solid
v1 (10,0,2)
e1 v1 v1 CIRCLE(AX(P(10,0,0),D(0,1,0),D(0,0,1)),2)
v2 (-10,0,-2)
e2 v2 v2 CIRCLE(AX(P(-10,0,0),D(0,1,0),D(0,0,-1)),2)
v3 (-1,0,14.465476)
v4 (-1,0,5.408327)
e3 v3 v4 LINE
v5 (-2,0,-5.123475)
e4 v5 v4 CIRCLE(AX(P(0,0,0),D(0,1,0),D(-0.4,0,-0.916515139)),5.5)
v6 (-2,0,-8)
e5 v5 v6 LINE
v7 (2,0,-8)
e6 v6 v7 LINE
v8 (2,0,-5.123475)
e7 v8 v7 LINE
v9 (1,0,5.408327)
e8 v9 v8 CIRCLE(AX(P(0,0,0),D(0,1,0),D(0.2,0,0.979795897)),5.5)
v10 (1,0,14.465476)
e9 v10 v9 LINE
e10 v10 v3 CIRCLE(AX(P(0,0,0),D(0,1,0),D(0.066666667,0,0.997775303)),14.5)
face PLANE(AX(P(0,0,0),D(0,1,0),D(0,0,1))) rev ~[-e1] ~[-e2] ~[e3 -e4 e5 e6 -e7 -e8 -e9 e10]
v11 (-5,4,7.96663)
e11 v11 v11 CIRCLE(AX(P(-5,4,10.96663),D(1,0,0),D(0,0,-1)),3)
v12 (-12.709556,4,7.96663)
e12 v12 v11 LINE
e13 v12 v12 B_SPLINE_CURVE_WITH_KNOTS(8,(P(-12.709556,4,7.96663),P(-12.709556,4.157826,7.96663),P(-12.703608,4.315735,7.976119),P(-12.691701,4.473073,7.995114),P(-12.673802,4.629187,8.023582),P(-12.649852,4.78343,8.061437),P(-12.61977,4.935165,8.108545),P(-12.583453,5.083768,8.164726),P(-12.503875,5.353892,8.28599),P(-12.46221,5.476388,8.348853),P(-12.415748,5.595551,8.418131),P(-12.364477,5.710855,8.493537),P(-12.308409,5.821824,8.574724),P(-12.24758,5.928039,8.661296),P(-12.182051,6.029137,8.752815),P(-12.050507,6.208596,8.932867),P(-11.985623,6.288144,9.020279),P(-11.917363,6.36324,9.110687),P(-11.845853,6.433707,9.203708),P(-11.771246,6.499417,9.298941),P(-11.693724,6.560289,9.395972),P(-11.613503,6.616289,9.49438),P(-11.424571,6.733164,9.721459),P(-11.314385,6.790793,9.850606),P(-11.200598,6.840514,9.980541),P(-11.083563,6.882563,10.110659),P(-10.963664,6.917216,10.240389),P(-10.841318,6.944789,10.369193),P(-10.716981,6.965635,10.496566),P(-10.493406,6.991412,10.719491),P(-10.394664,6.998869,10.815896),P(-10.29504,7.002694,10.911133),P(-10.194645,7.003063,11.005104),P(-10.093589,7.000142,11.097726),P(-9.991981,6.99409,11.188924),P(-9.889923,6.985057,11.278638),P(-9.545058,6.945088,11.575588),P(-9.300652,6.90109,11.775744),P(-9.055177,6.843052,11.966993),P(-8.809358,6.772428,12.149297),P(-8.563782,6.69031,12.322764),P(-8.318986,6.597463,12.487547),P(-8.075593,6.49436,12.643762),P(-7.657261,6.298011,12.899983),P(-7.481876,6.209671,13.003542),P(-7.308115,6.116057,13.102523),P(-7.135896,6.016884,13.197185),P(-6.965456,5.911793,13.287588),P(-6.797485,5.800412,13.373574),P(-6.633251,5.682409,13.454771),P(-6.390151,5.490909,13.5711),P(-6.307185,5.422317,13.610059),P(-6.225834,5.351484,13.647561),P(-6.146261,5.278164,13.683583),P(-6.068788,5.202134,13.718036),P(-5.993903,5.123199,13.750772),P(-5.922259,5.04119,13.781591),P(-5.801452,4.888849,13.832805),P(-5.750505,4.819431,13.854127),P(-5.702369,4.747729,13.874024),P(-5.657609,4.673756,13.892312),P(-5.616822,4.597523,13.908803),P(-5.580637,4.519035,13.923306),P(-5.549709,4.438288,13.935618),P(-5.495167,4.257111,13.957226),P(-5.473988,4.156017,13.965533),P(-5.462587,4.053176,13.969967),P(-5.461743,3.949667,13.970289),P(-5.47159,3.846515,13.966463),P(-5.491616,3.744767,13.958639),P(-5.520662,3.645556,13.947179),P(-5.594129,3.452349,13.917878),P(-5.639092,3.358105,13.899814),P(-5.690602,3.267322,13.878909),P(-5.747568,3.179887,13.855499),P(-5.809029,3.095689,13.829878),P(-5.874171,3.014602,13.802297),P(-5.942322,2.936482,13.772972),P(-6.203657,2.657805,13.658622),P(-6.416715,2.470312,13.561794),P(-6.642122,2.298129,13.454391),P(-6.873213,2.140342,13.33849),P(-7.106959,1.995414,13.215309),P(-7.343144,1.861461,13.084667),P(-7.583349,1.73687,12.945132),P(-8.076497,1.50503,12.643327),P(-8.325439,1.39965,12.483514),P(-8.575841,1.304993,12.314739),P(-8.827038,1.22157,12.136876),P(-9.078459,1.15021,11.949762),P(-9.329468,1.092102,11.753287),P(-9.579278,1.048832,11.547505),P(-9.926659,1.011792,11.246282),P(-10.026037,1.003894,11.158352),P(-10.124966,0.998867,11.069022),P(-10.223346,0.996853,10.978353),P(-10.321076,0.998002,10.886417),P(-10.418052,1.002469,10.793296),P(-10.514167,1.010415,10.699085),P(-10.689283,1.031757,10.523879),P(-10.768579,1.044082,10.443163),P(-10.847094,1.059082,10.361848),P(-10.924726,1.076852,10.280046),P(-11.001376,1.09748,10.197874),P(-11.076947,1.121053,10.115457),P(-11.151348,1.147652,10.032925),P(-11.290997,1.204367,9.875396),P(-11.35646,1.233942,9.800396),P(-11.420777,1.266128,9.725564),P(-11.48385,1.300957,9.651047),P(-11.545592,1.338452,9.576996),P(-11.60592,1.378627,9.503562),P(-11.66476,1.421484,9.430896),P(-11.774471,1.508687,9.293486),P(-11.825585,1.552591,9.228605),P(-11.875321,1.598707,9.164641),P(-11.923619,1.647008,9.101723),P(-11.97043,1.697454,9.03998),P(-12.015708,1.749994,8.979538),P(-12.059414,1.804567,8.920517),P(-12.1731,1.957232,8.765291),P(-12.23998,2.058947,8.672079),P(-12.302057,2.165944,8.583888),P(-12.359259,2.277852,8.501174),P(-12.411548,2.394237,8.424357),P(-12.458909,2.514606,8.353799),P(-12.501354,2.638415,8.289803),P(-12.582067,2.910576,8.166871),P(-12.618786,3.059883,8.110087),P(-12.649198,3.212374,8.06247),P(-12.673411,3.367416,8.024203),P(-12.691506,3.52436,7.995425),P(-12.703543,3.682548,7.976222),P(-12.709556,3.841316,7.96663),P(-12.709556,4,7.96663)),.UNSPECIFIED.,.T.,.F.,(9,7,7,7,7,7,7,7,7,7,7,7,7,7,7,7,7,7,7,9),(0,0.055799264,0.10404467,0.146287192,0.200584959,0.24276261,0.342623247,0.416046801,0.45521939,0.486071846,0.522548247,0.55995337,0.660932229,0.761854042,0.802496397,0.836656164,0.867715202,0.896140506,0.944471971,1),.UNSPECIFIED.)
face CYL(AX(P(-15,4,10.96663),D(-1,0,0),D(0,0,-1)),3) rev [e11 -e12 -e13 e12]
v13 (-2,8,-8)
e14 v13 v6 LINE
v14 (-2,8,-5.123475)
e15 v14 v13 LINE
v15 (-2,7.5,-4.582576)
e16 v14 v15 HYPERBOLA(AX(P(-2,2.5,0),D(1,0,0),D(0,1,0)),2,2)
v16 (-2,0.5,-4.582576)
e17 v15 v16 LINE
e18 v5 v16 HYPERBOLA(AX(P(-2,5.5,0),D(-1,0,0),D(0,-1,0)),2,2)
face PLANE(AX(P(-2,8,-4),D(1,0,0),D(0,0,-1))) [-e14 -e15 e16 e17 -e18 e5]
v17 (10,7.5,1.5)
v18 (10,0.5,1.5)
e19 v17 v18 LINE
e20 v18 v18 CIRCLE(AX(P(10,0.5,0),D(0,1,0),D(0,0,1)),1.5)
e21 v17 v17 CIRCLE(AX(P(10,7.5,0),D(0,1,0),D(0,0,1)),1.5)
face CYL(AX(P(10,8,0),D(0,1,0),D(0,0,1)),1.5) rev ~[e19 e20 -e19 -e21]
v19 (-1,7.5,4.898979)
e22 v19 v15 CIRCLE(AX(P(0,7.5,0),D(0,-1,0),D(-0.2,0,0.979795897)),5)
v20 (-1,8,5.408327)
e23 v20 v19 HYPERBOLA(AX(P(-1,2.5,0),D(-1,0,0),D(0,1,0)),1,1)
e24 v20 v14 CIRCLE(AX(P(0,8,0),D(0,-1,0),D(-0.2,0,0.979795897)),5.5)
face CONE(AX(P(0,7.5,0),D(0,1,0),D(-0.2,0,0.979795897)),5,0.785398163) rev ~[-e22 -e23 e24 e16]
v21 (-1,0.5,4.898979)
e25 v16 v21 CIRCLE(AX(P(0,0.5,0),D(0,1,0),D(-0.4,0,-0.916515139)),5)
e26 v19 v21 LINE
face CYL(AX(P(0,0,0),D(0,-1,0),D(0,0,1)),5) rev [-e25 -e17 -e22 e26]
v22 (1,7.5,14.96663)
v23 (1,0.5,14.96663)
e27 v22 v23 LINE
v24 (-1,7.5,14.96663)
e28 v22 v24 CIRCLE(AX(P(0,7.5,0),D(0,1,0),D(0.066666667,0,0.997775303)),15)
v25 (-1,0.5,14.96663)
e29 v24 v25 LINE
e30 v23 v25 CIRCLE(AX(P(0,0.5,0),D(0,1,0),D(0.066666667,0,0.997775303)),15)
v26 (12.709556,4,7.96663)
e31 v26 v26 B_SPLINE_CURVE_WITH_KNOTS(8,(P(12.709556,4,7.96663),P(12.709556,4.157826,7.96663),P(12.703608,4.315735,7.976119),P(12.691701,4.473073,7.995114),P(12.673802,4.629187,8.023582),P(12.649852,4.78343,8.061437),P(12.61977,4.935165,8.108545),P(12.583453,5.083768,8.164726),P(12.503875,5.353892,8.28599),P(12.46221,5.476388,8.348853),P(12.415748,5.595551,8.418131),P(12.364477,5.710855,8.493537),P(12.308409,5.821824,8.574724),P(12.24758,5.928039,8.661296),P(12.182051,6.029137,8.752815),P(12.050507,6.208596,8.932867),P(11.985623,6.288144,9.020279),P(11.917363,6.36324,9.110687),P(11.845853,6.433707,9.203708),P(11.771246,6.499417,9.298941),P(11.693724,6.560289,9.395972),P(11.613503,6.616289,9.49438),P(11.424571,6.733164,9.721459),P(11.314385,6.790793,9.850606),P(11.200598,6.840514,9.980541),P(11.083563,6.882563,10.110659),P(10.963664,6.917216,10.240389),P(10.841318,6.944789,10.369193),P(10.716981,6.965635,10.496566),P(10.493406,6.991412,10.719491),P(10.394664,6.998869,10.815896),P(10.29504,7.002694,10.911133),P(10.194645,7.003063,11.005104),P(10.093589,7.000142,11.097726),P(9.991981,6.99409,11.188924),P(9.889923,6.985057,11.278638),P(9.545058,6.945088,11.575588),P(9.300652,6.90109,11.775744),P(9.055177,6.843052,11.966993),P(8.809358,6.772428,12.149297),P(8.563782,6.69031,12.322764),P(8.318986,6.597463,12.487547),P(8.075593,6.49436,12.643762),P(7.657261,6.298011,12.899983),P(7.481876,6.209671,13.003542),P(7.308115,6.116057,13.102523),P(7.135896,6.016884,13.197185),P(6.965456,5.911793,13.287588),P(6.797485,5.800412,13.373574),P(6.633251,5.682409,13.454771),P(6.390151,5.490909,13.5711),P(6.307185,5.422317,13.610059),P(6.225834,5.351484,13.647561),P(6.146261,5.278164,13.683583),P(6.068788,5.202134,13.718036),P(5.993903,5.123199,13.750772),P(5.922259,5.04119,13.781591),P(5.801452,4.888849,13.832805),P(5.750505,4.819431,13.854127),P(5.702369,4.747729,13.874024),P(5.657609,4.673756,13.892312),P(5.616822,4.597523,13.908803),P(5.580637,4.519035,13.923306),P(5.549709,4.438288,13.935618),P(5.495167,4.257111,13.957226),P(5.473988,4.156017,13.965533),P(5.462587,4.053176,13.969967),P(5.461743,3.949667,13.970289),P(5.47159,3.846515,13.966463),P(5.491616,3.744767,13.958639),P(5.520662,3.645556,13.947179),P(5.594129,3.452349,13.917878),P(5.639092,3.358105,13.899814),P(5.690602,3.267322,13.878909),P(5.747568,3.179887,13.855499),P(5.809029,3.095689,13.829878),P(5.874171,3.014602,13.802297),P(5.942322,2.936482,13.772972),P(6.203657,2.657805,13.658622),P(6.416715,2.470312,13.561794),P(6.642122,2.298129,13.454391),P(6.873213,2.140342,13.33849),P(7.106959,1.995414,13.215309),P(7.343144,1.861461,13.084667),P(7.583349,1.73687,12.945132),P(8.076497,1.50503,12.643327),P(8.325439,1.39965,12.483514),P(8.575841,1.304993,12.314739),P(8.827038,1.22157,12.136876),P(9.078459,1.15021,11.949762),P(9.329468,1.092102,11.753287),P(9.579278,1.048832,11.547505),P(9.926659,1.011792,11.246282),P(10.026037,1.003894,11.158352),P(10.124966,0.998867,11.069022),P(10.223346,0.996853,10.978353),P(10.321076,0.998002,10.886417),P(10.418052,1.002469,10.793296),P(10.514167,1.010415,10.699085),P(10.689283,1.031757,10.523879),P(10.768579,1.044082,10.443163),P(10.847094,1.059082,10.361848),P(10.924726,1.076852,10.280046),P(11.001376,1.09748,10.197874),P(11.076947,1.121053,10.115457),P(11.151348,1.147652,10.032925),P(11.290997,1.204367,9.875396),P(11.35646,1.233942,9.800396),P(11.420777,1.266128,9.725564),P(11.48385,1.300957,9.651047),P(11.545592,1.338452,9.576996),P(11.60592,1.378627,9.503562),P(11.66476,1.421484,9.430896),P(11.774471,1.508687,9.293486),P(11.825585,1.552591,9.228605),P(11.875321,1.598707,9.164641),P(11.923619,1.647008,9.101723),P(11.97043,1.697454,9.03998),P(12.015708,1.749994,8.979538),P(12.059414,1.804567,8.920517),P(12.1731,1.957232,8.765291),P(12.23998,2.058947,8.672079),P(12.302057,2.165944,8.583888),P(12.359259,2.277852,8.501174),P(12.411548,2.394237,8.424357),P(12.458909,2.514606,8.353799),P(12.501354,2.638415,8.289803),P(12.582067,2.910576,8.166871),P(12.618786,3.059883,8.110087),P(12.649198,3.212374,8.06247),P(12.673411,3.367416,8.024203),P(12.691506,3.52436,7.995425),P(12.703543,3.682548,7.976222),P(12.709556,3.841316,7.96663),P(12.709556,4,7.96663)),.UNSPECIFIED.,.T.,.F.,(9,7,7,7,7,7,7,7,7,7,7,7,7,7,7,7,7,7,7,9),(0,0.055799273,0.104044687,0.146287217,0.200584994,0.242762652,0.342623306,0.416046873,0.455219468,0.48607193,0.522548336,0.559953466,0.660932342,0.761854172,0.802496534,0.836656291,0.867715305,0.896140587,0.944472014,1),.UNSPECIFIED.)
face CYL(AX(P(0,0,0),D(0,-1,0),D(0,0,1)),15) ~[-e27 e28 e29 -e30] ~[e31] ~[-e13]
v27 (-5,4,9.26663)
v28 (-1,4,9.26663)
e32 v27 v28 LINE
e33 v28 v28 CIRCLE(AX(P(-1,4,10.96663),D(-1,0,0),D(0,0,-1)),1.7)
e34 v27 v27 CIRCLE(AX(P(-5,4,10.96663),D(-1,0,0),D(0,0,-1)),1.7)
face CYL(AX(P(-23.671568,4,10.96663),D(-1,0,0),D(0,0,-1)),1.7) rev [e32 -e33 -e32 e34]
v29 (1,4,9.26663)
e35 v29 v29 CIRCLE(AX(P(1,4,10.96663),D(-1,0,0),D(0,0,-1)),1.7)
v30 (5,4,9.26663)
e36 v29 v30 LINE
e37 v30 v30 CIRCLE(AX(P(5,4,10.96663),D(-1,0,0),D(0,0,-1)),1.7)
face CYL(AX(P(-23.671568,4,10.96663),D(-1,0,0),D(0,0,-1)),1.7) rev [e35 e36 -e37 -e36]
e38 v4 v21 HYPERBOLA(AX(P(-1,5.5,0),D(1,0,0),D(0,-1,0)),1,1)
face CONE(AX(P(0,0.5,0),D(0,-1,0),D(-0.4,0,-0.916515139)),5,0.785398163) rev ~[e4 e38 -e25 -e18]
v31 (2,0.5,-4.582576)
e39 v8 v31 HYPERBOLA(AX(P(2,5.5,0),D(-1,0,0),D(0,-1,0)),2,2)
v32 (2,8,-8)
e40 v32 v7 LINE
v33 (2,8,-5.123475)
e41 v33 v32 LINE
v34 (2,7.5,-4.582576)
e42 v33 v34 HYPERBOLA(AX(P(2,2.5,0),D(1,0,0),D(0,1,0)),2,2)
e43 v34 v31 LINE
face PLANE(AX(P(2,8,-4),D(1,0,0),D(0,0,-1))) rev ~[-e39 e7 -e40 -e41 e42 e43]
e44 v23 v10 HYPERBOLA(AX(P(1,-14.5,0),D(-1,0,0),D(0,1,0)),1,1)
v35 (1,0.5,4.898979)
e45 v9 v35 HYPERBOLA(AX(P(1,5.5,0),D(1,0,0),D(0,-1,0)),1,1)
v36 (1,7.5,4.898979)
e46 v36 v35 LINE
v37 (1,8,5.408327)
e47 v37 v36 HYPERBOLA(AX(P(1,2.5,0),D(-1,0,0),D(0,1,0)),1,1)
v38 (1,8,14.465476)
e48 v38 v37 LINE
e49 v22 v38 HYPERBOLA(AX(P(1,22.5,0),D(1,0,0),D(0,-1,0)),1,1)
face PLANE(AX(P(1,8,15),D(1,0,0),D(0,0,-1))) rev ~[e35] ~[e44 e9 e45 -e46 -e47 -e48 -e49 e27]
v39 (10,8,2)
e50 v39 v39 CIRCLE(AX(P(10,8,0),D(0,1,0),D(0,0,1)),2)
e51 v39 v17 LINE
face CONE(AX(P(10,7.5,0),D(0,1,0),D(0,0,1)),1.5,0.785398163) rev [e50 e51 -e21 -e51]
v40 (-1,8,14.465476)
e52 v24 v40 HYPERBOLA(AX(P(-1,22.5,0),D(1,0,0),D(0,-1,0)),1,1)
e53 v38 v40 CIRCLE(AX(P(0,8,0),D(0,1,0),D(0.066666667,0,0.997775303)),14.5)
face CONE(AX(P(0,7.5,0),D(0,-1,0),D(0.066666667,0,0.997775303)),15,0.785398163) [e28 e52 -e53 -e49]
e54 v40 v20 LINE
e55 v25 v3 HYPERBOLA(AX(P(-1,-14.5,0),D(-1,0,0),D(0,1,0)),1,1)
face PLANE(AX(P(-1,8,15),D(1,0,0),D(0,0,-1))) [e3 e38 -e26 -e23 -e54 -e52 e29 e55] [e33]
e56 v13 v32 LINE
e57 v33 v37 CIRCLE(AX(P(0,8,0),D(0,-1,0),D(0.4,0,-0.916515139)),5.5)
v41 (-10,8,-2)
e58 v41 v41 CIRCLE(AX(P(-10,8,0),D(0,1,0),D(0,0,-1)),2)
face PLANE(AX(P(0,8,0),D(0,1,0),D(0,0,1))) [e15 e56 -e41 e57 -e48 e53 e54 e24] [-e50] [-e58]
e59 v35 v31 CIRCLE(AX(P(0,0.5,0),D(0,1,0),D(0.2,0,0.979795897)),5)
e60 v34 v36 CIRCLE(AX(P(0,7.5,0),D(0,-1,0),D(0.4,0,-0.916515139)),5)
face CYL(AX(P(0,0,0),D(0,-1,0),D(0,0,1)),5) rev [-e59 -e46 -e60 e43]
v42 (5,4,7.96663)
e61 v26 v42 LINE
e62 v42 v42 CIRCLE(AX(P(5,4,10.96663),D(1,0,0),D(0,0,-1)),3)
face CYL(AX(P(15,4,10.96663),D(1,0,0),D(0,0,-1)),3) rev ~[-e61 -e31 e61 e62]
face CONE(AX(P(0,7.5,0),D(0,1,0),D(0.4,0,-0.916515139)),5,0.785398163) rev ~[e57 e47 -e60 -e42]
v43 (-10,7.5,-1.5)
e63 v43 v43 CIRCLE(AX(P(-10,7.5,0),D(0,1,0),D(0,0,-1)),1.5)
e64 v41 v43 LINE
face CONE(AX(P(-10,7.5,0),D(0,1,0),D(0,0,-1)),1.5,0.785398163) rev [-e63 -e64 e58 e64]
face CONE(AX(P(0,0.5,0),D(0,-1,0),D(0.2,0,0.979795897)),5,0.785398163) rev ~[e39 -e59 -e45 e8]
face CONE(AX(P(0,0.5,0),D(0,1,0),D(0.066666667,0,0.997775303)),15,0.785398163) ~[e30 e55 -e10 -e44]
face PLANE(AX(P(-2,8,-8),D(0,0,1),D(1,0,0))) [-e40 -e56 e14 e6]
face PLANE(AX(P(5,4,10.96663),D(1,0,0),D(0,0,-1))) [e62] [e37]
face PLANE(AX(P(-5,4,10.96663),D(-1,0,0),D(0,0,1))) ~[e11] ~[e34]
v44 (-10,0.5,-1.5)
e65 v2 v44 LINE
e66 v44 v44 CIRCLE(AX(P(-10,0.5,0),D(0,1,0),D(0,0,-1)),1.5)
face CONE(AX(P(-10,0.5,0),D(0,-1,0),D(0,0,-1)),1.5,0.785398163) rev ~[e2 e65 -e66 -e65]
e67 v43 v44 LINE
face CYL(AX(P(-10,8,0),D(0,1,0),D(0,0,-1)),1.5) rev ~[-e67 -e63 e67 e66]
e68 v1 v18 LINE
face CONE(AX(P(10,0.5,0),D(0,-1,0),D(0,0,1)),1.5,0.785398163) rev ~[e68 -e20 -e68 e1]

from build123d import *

# Parameters (mm, degrees)
SKETCH_1_R               = 15
SKETCH_1_R_2             = 5
EXTRUDE_1_DEPTH          = 8
SKETCH_2_W               = 4
SKETCH_2_H               = 4
CUT_EXTRUDE_1_DEPTH      = 23.671568098
SKETCH_3_W               = 2
SKETCH_3_H               = 20
CUT_EXTRUDE_2_DEPTH      = 23.671568098
CUT_EXTRUDE_3_DEPTH      = 23.671568098
CUT_EXTRUDE_3_DEPTH_BACK = 23.671568098
SKETCH_4_R               = 1.7
SKETCH_5_R               = 3
CUT_EXTRUDE_4_DEPTH      = 10
SKETCH_6_R               = 1.5
CUT_EXTRUDE_5_DEPTH      = 23.671568265
CHAMFER_1_SIZE           = 0.5


with BuildPart() as part:
    # 草图1 → 凸台-拉伸1 (new body)
    with BuildSketch(Plane(origin=(0, 0, 0), x_dir=(1, 0, 0), z_dir=(0, 1, 0))):
        with Locations(Location((0, 0, 0), (0, 0, 270))):
            Circle(SKETCH_1_R)
        with Locations(Location((0, 0, 0), (0, 0, 270))):
            Circle(SKETCH_1_R_2, mode=Mode.SUBTRACT)
    extrude(amount=EXTRUDE_1_DEPTH)

    # 草图2 → 切除-拉伸1 (cut, through all)
    with BuildSketch(Plane(origin=(0, 8, 0), x_dir=(1, 0, 0), z_dir=(0, 1, 0))):
        with Locations((0, 6)):
            Rectangle(SKETCH_2_W, SKETCH_2_H)
    extrude(amount=-CUT_EXTRUDE_1_DEPTH, mode=Mode.SUBTRACT)

    # 草图3 → 切除-拉伸2 (cut, through all)
    with BuildSketch(Plane(origin=(0, 8, 0), x_dir=(1, 0, 0), z_dir=(0, 1, 0))):
        with Locations((0, -5)):
            Rectangle(SKETCH_3_W, SKETCH_3_H)
    extrude(amount=-CUT_EXTRUDE_2_DEPTH, mode=Mode.SUBTRACT)

    # 草图4 → 切除-拉伸3 (cut, two sides: drawn at the far end of the back side and taken through both)
    with BuildSketch(Plane(origin=(0, 0, 0), x_dir=(0, 0, -1), z_dir=(1, 0, 0)).offset(-CUT_EXTRUDE_3_DEPTH_BACK)):
        with Locations((-10.966629547, 4)):
            Circle(SKETCH_4_R)
    extrude(amount=CUT_EXTRUDE_3_DEPTH + CUT_EXTRUDE_3_DEPTH_BACK, mode=Mode.SUBTRACT)

    # 草图5 → 切除-拉伸4 (cut)
    with BuildSketch(Plane(origin=(15, 0, 0), x_dir=(0, 0, -1), z_dir=(1, 0, 0))):
        with Locations((-10.966629547, 4)):
            Circle(SKETCH_5_R)
    cut_extrude_4 = extrude(amount=-CUT_EXTRUDE_4_DEPTH, mode=Mode.SUBTRACT)

    # 镜向1: 切除-拉伸4 across plane
    add(cut_extrude_4.mirror(Plane(origin=(0, 0, 0), x_dir=(0, 0, 1), z_dir=(1, 0, 0))), mode=Mode.SUBTRACT)

    # 草图6 → 切除-拉伸5 (cut, through all)
    with BuildSketch(Plane(origin=(0, 8, 0), x_dir=(1, 0, 0), z_dir=(0, 1, 0))):
        with Locations(Location((10, 0, 0), (0, 0, 270))):
            Circle(SKETCH_6_R)
        with Locations(Location((-10, 0, 0), (0, 0, 90))):
            Circle(SKETCH_6_R)
    extrude(amount=-CUT_EXTRUDE_5_DEPTH, mode=Mode.SUBTRACT)

    # 倒角1
    chamfer_1_edges = [part.edges().sort_by_distance(p)[0] for p in [
        (-4.972421157, 0, 0.524430968),
        (4.972421157, 0, 0.524430968),
        (4.972421157, 8, 0.524430968),
        (0, 8, -15),
        (0, 0, -15),
        (10, 0, -1.5),
        (10, 8, -1.5),
        (-10, 0, 1.5),
        (-10, 8, 1.5),
        (-4.972421157, 8, 0.524430968),
    ]]
    chamfer(chamfer_1_edges, length=CHAMFER_1_SIZE)


solid = part.part
